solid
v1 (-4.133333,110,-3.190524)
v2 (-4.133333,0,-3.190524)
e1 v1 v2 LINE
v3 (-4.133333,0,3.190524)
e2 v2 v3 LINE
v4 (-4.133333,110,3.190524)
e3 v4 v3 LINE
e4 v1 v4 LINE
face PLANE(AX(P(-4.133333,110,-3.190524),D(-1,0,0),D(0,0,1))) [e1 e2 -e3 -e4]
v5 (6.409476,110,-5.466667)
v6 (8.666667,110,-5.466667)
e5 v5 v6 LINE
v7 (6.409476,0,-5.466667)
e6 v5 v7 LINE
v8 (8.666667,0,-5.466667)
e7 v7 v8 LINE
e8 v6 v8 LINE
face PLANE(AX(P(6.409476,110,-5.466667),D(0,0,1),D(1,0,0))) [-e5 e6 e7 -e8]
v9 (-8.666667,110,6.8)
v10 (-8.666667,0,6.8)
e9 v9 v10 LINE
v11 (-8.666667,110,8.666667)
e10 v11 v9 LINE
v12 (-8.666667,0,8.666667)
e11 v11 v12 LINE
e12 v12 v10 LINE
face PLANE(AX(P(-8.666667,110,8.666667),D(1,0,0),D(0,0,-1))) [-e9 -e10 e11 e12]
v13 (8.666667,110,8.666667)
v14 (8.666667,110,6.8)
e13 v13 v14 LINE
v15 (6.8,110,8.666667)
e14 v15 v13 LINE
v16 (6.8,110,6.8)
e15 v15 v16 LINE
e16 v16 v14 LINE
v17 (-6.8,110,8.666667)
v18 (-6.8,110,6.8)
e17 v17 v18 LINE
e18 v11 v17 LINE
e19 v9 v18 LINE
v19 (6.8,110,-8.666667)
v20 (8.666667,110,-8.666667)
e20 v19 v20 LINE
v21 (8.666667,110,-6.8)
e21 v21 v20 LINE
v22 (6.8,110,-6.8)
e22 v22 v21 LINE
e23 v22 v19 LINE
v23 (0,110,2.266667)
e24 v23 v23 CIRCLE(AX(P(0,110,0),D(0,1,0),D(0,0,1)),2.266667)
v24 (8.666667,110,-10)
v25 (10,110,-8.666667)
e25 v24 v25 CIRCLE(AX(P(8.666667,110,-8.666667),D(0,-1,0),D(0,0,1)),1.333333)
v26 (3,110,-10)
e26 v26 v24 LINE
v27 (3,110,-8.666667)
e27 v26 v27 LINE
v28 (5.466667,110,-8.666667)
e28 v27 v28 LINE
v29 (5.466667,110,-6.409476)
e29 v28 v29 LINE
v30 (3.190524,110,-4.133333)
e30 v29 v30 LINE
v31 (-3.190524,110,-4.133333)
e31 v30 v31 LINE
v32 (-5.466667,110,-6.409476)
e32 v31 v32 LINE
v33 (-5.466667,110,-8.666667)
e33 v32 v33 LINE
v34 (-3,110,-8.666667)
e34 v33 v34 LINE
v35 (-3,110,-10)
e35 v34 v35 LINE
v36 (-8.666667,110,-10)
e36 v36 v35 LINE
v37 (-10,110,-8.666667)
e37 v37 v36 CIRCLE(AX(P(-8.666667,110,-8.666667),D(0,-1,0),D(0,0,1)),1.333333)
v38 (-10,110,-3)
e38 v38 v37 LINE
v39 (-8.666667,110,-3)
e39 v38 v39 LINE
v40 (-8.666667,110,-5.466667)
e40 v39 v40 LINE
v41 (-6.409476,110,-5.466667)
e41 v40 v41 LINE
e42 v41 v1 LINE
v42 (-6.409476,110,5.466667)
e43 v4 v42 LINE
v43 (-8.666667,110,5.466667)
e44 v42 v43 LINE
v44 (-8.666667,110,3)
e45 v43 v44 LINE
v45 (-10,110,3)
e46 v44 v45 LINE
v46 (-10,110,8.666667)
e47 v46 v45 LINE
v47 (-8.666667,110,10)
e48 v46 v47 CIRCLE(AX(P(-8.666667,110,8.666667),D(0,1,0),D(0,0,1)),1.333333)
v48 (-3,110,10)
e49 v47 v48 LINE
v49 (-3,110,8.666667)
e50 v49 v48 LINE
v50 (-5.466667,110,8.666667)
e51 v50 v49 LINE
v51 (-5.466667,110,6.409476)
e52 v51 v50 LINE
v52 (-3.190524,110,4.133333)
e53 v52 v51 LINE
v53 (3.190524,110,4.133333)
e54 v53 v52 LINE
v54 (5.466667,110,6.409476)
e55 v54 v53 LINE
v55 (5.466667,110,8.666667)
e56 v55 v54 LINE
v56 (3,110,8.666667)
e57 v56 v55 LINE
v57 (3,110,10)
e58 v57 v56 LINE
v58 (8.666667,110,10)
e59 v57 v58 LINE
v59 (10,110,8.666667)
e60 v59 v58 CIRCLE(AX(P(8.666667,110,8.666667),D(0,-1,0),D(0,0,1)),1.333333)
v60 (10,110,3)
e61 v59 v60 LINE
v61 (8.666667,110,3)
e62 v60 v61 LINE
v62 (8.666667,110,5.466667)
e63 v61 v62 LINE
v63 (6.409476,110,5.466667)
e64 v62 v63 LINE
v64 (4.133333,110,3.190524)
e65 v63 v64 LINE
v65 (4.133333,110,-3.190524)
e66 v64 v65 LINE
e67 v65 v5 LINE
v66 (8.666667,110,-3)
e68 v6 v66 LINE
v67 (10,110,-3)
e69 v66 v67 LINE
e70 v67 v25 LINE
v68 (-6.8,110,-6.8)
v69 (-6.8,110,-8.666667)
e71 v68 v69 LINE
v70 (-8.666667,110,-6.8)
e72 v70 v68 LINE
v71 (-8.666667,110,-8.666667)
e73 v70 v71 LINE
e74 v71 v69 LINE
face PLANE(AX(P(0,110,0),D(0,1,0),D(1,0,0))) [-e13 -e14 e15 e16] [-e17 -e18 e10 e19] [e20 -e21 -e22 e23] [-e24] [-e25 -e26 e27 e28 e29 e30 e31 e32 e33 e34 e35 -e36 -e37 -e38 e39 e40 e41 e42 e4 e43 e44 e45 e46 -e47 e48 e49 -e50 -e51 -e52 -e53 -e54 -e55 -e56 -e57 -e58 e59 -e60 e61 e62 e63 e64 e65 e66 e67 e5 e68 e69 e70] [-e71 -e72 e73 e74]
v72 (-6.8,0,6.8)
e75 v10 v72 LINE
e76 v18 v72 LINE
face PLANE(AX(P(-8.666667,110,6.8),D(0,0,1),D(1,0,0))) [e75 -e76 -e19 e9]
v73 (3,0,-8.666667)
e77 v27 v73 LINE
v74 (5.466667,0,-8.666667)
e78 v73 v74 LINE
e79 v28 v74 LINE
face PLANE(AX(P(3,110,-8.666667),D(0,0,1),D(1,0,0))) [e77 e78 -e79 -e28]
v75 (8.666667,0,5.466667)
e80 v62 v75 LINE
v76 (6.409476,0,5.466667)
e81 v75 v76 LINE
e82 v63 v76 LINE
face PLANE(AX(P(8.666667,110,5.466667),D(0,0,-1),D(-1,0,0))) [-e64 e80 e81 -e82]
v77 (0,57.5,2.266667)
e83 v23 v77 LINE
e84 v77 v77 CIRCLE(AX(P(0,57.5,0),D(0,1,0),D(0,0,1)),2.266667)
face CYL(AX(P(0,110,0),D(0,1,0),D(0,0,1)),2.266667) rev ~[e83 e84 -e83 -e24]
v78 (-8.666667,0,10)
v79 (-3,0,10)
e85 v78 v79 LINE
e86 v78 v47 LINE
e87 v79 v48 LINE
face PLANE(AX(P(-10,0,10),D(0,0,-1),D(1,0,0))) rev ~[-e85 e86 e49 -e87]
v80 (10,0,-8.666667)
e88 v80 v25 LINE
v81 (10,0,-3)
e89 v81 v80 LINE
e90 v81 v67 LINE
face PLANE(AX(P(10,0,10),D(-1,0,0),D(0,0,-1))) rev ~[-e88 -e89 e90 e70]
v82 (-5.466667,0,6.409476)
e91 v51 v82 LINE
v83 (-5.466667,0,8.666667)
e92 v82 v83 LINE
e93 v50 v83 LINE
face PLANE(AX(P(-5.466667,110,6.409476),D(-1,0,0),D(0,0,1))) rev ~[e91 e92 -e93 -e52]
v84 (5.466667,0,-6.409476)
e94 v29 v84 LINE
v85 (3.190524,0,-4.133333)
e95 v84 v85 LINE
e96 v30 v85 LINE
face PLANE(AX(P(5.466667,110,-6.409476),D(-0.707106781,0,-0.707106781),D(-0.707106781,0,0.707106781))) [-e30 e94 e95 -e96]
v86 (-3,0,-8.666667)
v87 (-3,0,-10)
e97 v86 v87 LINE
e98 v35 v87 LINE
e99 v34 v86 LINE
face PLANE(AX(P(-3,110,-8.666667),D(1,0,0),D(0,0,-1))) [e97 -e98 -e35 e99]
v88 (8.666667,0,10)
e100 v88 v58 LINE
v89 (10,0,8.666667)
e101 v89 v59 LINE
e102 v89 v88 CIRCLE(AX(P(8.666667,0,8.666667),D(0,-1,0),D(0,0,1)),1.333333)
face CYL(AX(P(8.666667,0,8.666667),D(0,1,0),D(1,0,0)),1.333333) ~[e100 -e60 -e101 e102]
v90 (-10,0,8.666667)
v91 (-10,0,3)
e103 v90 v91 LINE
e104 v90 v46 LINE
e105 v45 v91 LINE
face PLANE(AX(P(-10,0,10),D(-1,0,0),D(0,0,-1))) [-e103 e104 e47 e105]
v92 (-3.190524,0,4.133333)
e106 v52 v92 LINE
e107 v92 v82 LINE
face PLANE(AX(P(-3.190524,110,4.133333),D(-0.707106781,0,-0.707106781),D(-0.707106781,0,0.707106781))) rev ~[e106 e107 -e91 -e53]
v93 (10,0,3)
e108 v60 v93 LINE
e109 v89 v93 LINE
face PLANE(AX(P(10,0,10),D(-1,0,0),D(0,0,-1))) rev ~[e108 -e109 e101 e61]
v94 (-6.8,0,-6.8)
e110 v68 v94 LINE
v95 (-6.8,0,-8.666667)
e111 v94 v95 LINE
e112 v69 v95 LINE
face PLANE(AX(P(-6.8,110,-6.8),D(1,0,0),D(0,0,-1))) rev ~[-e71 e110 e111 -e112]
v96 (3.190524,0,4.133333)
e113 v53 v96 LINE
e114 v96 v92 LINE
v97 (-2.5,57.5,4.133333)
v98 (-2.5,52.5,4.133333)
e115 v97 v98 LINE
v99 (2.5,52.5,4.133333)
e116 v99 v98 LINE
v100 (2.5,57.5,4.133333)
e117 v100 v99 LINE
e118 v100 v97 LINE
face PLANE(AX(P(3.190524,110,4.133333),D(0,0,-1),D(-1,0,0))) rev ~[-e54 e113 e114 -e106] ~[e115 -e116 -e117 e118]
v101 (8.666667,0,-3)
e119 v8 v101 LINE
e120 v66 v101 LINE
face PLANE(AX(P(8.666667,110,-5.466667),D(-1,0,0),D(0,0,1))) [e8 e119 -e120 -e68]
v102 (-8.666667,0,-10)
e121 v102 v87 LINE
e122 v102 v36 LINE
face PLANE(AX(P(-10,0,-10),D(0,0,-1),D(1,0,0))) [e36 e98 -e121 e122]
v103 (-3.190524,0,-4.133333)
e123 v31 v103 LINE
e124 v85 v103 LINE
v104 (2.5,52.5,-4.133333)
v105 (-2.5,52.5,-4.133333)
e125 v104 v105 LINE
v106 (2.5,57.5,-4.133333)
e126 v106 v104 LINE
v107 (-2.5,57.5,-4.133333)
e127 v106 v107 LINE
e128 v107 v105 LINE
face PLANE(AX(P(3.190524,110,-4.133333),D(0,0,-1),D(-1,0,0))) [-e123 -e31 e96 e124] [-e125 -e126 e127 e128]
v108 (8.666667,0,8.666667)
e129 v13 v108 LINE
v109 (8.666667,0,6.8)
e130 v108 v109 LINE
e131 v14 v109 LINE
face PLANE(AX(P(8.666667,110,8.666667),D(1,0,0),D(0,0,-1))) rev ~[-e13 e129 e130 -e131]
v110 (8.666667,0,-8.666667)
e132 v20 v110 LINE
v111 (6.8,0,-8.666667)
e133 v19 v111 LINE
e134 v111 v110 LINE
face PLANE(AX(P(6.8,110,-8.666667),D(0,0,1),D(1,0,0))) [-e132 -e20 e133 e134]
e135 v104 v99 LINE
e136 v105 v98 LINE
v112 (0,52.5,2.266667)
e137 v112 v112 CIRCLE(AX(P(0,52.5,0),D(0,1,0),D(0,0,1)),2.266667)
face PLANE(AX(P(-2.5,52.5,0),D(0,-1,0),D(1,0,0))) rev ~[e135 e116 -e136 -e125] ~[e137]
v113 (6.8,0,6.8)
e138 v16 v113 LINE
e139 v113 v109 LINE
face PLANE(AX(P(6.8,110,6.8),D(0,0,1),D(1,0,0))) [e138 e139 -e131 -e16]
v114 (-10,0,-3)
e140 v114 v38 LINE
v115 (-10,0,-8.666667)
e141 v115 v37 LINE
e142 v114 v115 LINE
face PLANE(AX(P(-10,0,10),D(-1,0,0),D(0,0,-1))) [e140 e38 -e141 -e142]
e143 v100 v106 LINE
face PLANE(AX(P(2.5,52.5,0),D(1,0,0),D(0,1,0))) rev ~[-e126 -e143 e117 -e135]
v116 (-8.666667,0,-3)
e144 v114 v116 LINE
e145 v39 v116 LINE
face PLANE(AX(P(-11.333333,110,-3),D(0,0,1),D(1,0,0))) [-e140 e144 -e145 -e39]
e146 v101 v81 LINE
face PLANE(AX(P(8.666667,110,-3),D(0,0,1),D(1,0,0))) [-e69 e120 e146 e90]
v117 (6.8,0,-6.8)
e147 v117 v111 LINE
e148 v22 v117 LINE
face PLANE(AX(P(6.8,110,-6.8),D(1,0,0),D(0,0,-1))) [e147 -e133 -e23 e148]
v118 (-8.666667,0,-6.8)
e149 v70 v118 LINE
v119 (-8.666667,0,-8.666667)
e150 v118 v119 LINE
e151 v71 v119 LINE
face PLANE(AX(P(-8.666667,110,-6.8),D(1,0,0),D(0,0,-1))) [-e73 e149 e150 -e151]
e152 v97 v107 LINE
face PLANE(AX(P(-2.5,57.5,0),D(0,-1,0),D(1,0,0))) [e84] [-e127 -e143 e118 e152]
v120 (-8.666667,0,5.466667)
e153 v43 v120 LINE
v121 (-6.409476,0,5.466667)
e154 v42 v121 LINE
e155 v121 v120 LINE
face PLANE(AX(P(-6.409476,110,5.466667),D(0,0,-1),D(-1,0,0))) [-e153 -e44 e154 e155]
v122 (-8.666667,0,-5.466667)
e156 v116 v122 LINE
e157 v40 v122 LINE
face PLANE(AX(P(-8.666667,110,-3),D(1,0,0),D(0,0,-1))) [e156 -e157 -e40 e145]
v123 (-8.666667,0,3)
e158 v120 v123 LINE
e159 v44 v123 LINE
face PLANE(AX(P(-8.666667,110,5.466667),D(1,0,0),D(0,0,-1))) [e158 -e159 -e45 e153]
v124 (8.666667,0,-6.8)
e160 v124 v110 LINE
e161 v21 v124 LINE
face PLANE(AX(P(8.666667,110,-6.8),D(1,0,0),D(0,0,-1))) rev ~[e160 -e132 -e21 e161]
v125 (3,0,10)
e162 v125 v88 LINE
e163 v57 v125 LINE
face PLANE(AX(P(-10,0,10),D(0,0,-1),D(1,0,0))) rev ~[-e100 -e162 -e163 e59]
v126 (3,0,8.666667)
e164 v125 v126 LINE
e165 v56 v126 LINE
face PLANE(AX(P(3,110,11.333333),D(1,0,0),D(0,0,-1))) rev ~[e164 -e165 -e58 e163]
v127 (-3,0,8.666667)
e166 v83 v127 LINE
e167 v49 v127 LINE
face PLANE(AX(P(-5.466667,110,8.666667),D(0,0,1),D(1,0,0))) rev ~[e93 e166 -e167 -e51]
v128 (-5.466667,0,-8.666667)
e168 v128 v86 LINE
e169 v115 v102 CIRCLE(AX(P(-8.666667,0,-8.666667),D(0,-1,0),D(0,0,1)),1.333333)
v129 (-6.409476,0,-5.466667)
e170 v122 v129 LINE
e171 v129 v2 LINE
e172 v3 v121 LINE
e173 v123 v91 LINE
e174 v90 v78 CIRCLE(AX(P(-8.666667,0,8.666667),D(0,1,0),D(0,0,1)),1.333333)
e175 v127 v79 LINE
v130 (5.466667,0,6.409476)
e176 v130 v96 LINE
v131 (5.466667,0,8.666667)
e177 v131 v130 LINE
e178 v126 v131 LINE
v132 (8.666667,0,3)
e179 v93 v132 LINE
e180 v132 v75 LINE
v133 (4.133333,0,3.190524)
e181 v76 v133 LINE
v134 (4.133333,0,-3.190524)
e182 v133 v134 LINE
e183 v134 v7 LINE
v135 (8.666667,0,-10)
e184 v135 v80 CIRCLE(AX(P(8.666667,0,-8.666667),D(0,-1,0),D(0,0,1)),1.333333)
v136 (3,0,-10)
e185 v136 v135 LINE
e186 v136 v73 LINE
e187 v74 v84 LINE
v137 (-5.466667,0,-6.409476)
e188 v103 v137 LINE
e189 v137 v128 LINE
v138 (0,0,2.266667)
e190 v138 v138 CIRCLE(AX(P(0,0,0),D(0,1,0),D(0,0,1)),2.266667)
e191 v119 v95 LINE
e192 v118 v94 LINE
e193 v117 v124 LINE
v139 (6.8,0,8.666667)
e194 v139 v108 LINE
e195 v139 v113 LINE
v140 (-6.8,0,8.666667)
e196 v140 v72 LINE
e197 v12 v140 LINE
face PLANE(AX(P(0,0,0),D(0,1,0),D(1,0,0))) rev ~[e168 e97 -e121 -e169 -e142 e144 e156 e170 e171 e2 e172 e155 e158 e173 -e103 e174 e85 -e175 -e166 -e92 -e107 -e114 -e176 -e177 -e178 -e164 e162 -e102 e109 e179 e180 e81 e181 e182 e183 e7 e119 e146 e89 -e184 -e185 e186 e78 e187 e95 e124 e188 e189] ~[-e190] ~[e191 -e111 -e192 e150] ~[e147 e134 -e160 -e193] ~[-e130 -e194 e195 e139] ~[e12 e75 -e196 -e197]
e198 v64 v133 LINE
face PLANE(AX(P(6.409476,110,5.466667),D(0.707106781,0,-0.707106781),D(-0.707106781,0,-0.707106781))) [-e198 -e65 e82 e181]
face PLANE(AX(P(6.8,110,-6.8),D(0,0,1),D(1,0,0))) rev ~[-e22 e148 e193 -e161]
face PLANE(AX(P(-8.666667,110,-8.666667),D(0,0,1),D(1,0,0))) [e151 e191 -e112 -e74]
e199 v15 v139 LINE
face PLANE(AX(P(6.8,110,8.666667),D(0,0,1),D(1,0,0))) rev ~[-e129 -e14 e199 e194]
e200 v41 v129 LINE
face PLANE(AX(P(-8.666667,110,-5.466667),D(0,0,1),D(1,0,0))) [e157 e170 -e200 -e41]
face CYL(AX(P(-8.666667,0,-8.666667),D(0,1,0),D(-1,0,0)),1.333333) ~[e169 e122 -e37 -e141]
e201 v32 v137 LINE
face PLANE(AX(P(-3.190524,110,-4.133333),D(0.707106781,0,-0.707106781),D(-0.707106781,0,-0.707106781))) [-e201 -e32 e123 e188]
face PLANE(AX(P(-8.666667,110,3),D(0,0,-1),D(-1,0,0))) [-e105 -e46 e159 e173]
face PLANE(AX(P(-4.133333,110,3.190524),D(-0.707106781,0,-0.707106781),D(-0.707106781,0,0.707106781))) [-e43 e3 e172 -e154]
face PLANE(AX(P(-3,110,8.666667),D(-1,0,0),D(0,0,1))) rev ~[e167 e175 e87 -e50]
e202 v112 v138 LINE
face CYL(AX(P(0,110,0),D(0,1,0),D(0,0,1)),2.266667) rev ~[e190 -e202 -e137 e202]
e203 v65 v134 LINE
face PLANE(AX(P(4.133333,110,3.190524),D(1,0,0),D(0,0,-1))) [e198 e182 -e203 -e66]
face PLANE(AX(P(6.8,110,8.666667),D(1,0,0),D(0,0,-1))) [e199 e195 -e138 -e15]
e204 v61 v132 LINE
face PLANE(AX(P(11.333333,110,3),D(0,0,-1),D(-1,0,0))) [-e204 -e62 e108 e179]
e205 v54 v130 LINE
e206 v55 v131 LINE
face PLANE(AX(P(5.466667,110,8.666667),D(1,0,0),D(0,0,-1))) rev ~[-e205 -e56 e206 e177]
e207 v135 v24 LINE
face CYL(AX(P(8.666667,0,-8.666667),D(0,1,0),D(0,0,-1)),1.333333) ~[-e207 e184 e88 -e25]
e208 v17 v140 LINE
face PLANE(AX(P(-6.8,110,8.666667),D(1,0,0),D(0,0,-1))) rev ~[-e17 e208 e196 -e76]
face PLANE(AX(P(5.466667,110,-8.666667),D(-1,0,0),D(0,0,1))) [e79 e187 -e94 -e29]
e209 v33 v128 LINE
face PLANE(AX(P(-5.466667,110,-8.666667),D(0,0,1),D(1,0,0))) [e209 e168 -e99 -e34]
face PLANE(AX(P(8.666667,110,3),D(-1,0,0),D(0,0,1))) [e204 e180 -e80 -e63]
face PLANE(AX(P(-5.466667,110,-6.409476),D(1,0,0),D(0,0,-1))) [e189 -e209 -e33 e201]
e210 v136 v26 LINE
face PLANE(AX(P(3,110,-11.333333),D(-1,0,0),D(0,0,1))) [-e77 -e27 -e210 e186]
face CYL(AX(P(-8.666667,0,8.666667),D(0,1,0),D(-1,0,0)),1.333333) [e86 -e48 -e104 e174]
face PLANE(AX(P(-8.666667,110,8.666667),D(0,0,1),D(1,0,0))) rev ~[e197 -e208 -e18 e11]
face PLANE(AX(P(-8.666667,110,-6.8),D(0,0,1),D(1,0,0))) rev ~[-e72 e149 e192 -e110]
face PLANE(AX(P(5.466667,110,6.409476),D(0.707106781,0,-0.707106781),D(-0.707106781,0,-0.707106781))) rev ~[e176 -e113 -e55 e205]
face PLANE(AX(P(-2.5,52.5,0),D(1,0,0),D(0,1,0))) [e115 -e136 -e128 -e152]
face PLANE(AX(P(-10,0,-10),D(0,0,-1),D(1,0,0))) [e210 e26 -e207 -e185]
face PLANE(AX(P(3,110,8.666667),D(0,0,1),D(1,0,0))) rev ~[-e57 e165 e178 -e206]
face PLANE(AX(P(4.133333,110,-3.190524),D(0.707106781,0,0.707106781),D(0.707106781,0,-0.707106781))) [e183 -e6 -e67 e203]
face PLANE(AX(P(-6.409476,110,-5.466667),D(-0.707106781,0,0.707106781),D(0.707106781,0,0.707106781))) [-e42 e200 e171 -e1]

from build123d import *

# Parameters (mm, degrees)
SKETCH1_W           = 20
SKETCH1_H           = 20
EXTRUDE1_DEPTH      = 110
SKETCH2_R           = 2.266666667
SKETCH2_W           = 1.866666667
SKETCH2_H           = 1.866666667
EXTRUDE2_DEPTH      = 111.905365064
FILLET1_R           = 1.333333333
SKETCH_3_W          = 5
SKETCH_3_H          = 5
CUT_EXTRUDE_1_DEPTH = 10


with BuildPart() as part:
    # Sketch1 → Extrude1 (new body)
    with BuildSketch(Plane(origin=(0, 0, 0), x_dir=(1, 0, 0), z_dir=(0, 1, 0))):
        Rectangle(SKETCH1_W, SKETCH1_H)
    extrude(amount=EXTRUDE1_DEPTH)

    # Sketch2 → Extrude2 (cut, through all)
    with BuildSketch(Plane(origin=(0, 110, 0), x_dir=(1, 0, 0), z_dir=(0, 1, 0))):
        Circle(SKETCH2_R)
        Polygon((8.666666667, 3), (11.333333333, 3), (11.333333333, -3), (8.666666667, -3), (8.666666667, -5.466666667), (6.409475708, -5.466666667), (4.133333333, -3.190524292), (4.133333333, 3.190524292), (6.409475708, 5.466666667), (8.666666667, 5.466666667), align=None)
        with Locations((7.733333334, 7.733333334)):
            Rectangle(SKETCH2_W, SKETCH2_H)
        Polygon((-3.190524292, 4.133333333), (-5.466666667, 6.409475708), (-5.466666667, 8.666666667), (-3, 8.666666667), (-3, 11.333333333), (3, 11.333333333), (3, 8.666666667), (5.466666667, 8.666666667), (5.466666667, 6.409475708), (3.190524292, 4.133333333), align=None)
        with Locations((7.733333334, -7.733333334)):
            Rectangle(SKETCH2_W, SKETCH2_H)
        with Locations((-7.733333334, 7.733333334)):
            Rectangle(SKETCH2_W, SKETCH2_H)
        with Locations((-7.733333334, -7.733333334)):
            Rectangle(SKETCH2_W, SKETCH2_H)
        Polygon((-6.409475708, -5.466666667), (-8.666666667, -5.466666667), (-8.666666667, -3), (-11.333333333, -3), (-11.333333333, 3), (-8.666666667, 3), (-8.666666667, 5.466666667), (-6.409475708, 5.466666667), (-4.133333333, 3.190524292), (-4.133333333, -3.190524292), align=None)
        Polygon((3.190524292, -4.133333333), (-3.190524292, -4.133333333), (-5.466666667, -6.409475708), (-5.466666667, -8.666666667), (-3, -8.666666667), (-3, -11.333333333), (3, -11.333333333), (3, -8.666666667), (5.466666667, -8.666666667), (5.466666667, -6.409475708), align=None)
    extrude(amount=-EXTRUDE2_DEPTH, mode=Mode.SUBTRACT)

    # Fillet1
    fillet1_edges = [part.edges().sort_by_distance(p)[0] for p in [
        (10, 55, 10),
        (10, 55, -10),
        (-10, 55, 10),
        (-10, 55, -10),
    ]]
    fillet(fillet1_edges, radius=FILLET1_R)

    # Эскиз3 → Вырез-Вытянуть1 (cut, symmetric)
    with BuildSketch(Plane.XY):
        with Locations((0, 55)):
            Rectangle(SKETCH_3_W, SKETCH_3_H)
    extrude(amount=CUT_EXTRUDE_1_DEPTH, both=True, mode=Mode.SUBTRACT)


solid = part.part
